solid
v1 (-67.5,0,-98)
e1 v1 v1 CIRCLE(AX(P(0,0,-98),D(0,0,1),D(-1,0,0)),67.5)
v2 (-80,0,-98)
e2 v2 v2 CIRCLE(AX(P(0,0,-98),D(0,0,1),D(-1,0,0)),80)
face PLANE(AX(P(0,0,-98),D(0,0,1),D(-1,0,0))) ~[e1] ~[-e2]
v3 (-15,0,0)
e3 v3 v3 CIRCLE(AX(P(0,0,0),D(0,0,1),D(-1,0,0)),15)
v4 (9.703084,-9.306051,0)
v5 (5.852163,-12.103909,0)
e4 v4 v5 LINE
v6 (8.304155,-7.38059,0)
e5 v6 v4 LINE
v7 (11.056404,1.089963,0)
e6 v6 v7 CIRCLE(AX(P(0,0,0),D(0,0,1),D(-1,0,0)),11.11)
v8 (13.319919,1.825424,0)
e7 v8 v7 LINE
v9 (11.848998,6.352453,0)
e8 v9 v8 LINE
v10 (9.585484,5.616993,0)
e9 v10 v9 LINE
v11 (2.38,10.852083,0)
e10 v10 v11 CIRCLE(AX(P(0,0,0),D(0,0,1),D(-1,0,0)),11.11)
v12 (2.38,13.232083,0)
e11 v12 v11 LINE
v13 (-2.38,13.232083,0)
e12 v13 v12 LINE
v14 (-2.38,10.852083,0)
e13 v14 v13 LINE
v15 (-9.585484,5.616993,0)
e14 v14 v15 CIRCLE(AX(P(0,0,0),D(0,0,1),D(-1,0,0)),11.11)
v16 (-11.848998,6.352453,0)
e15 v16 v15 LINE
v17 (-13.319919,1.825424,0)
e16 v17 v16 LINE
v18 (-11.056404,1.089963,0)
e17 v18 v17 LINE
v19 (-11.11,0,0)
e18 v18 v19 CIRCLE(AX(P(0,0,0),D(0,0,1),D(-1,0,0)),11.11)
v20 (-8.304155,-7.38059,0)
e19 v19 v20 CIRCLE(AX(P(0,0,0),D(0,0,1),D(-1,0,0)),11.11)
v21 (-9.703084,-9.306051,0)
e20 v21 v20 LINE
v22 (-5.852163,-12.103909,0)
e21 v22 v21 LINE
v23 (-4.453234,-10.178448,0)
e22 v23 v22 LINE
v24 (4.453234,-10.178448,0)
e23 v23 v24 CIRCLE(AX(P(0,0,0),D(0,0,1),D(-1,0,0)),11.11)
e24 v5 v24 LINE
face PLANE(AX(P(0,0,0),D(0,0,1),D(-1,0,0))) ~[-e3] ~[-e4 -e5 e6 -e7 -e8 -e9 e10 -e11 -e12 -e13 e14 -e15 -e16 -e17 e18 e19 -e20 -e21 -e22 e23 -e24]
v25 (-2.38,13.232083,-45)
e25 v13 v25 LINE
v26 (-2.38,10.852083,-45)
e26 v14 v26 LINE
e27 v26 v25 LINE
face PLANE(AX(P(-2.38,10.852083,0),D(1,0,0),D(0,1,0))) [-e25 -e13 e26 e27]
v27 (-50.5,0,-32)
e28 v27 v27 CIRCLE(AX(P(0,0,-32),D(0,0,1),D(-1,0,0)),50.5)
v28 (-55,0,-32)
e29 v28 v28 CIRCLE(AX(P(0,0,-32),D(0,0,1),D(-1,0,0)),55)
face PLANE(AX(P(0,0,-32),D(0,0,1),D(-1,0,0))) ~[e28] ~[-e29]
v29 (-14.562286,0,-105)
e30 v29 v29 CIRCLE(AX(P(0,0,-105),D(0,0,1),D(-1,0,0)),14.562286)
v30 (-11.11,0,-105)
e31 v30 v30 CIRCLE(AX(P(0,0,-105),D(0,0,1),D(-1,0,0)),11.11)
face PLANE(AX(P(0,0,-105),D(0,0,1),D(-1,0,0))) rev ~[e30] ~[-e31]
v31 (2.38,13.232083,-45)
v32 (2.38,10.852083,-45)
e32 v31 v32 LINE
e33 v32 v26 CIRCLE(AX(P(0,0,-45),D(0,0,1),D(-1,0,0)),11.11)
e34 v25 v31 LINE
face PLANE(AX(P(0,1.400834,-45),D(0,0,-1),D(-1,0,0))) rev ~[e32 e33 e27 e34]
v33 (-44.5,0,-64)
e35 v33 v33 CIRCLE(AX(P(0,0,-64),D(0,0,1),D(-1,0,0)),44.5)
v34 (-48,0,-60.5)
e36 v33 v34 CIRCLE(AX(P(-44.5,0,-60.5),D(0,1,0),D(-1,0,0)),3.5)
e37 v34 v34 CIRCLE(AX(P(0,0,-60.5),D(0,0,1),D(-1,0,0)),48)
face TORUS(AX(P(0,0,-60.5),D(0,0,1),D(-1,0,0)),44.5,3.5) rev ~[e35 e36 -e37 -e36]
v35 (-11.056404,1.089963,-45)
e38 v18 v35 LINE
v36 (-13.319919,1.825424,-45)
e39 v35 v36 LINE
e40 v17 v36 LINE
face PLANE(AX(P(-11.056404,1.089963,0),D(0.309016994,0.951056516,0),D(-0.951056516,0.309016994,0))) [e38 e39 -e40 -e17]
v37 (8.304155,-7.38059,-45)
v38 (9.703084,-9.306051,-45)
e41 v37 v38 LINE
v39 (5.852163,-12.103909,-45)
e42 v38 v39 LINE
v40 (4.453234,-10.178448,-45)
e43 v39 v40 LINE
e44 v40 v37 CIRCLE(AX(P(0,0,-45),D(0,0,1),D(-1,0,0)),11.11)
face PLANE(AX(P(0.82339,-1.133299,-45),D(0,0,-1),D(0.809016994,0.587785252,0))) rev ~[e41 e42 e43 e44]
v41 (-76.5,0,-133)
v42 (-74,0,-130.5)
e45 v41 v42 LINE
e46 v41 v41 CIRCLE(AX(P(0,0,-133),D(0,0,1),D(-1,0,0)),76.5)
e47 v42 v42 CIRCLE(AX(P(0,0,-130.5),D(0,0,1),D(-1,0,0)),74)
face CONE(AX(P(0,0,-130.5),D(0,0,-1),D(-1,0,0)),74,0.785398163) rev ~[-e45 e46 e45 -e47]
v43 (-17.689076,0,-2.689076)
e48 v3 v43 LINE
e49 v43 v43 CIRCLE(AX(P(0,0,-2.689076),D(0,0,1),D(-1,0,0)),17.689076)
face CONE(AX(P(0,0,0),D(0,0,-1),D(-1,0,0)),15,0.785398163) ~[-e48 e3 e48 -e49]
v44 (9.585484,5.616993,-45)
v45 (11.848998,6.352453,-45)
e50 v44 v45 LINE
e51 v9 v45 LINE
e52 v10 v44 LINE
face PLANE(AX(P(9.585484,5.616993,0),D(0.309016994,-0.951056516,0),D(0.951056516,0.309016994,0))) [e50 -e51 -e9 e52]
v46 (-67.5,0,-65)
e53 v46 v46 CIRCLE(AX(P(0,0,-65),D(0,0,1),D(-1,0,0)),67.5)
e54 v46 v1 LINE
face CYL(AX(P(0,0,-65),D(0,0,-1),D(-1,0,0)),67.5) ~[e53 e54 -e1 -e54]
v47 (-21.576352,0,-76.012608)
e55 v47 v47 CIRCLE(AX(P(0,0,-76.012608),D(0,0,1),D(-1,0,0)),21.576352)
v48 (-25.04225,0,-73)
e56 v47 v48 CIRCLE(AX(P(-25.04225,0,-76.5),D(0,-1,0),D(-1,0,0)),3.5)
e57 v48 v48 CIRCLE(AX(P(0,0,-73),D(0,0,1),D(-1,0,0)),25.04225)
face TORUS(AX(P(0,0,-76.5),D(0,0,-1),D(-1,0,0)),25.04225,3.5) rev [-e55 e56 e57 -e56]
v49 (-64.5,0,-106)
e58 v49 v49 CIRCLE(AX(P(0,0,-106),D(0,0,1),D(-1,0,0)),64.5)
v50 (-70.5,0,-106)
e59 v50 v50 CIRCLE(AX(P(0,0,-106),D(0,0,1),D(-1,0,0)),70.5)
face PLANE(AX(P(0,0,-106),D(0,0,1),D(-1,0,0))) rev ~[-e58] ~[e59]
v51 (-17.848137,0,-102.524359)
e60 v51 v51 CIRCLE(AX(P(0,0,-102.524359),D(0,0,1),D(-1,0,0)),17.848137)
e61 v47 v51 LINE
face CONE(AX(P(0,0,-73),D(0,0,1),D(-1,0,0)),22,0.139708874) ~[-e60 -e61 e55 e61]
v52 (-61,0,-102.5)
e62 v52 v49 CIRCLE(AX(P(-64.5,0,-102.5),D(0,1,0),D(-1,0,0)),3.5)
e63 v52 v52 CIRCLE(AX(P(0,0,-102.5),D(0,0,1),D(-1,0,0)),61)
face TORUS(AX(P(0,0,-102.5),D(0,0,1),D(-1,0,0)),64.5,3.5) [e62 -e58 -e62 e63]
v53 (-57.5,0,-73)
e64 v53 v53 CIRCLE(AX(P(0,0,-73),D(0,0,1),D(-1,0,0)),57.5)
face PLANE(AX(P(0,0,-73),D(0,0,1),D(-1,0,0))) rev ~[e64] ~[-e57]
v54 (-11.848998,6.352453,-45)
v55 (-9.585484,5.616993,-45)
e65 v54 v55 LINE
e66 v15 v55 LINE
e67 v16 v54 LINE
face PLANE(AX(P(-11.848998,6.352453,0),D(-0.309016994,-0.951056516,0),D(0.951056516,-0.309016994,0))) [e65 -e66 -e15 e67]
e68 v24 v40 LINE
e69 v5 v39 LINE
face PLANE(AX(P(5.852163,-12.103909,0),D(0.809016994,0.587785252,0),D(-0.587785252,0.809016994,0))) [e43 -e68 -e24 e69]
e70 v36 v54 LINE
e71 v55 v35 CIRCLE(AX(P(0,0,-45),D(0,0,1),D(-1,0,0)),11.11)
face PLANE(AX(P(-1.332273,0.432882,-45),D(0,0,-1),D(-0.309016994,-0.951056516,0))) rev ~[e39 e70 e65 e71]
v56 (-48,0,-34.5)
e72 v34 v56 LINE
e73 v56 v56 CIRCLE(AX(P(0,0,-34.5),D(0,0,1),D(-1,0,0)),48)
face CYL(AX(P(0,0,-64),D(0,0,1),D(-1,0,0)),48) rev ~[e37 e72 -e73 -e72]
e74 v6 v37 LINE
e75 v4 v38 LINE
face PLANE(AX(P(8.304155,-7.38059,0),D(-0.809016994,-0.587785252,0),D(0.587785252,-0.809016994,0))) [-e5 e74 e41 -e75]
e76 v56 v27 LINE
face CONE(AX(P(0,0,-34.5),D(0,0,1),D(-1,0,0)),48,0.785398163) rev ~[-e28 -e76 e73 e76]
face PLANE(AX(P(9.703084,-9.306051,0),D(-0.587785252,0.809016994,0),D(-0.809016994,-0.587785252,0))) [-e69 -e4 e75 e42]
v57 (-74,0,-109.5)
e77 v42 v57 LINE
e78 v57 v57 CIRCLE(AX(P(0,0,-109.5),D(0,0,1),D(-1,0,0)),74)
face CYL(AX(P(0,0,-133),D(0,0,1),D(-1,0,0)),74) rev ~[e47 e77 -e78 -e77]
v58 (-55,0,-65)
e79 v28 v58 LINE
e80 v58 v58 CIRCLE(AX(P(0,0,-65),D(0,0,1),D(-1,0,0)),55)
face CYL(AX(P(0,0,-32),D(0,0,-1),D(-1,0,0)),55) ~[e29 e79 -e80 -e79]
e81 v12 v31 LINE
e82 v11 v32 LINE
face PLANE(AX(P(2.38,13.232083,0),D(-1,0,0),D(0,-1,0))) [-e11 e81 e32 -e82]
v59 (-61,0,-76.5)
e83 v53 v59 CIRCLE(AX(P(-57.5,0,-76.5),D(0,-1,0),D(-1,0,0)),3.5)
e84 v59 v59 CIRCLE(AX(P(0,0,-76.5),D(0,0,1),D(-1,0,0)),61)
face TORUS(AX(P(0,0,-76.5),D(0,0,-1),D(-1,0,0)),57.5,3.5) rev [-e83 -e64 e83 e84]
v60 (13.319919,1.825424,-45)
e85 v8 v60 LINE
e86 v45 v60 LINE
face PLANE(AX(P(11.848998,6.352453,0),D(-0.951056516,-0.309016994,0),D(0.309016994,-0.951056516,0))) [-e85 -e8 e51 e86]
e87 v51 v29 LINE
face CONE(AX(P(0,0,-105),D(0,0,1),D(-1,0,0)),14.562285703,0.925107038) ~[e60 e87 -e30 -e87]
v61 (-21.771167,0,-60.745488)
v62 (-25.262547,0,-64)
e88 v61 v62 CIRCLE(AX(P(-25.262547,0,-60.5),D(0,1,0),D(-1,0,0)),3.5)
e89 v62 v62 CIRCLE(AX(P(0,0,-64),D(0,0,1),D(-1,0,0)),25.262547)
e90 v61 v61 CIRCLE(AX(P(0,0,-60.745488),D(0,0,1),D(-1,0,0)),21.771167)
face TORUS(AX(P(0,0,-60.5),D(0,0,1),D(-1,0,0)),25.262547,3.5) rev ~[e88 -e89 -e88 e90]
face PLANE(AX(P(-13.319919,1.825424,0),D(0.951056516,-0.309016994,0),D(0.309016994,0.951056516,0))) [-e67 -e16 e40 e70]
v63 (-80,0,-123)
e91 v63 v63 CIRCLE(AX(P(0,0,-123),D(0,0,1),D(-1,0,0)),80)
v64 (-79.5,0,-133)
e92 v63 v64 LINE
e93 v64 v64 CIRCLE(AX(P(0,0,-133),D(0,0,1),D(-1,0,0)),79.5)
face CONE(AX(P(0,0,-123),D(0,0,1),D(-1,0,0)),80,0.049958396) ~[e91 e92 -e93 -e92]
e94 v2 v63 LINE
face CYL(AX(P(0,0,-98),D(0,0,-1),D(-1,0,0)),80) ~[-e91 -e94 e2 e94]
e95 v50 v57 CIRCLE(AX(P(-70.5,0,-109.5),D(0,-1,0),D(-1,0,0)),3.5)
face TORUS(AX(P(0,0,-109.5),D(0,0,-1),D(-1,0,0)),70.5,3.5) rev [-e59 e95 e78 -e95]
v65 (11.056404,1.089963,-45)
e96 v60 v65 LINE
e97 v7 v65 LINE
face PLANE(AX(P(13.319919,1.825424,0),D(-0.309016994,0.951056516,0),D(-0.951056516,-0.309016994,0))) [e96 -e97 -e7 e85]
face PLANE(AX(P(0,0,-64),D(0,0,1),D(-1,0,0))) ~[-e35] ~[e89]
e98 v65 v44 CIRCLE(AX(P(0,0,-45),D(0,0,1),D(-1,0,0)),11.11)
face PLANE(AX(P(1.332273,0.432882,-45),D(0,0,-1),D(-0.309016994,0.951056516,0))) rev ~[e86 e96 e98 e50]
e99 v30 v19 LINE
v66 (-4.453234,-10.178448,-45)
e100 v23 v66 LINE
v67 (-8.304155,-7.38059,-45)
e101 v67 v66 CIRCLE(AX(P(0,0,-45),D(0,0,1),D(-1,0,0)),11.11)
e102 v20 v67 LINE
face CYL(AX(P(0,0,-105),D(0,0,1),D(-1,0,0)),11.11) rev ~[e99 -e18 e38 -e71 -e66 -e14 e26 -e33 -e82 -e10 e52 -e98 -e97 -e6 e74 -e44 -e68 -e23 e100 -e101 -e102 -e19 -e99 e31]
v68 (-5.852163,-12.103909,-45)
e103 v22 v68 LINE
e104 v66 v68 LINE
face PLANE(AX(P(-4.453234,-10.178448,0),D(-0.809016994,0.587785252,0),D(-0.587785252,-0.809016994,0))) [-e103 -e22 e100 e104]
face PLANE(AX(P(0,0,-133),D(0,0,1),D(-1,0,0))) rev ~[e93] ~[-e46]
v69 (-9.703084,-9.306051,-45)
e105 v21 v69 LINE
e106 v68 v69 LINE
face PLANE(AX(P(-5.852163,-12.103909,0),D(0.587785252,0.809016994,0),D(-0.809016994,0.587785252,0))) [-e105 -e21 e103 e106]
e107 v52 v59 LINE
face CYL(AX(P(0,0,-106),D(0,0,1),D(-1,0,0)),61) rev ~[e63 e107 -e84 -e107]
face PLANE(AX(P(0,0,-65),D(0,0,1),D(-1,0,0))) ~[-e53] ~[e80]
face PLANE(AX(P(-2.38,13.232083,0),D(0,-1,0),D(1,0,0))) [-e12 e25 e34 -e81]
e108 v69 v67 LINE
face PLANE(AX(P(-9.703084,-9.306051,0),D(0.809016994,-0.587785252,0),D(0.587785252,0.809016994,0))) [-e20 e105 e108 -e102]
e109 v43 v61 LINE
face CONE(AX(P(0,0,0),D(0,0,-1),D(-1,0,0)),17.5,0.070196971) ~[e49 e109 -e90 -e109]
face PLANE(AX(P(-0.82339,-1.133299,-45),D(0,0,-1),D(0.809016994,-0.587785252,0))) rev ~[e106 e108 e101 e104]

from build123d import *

# Parameters (mm, degrees)
CHAMFER1_SIZE2        = 2.695714625
CHAMFER1_SIZE         = 2.5
CHAMFER1_EDGE_2_SIZE  = 2.5
CHAMFER1_EDGE_3_SIZE  = 2.5
CHAMFER1_EDGE_4_SIZE2 = 2.937714297
CHAMFER1_EDGE_4_SIZE  = 2.5
FILLET1_R             = 3.5
CUT_EXTRUDE1_DEPTH    = 45
CIRPATTERN1_COUNT     = 5


with BuildPart() as part:
    # Sketch1 → Revolve3 (revolve)
    with BuildSketch(Plane(origin=(0, 0, 0), x_dir=(1, 0, 0), z_dir=(0, 1, 0))):
        Polygon((-11.11, 105), (-11.11, 0), (-17.5, 0), (-22, 64), (-48, 64), (-48, 32), (-55, 32), (-55, 65), (-67.5, 65), (-67.5, 98), (-80, 98), (-80, 123), (-79.5, 133), (-74, 133), (-74, 106), (-61, 106), (-61, 73), (-22, 73), (-17.5, 105), align=None)
    revolve(axis=Axis((0, 0, -121.217391304), (0, 0, 1)))

    # Chamfer1
    chamfer1_edges = [part.edges().sort_by_distance(p)[0] for p in [
        (17.5, 0, 0),
    ]]
    chamfer(chamfer1_edges, length=CHAMFER1_SIZE, length2=CHAMFER1_SIZE2)

    # Chamfer1 edge 2
    chamfer1_edge_2_edges = [part.edges().sort_by_distance(p)[0] for p in [
        (48, 0, -32),
    ]]
    chamfer(chamfer1_edge_2_edges, length=CHAMFER1_EDGE_2_SIZE)

    # Chamfer1 edge 3
    chamfer1_edge_3_edges = [part.edges().sort_by_distance(p)[0] for p in [
        (74, 0, -133),
    ]]
    chamfer(chamfer1_edge_3_edges, length=CHAMFER1_EDGE_3_SIZE)

    # Chamfer1 edge 4
    chamfer1_edge_4_edges = [part.edges().sort_by_distance(p)[0] for p in [
        (17.5, 0, -105),
    ]]
    chamfer(chamfer1_edge_4_edges, length=CHAMFER1_EDGE_4_SIZE, length2=CHAMFER1_EDGE_4_SIZE2)

    # Fillet1
    fillet1_edges = [part.edges().sort_by_distance(p)[0] for p in [
        (22, 0, -64),
        (48, 0, -64),
        (74, 0, -106),
        (61, 0, -106),
        (61, 0, -73),
        (22, 0, -73),
    ]]
    fillet(fillet1_edges, radius=FILLET1_R)

    # Sketch2 → Cut-Extrude1 (cut)
    with BuildSketch(Plane.XY):
        with BuildLine():
            Line((-2.38, 10.852082749), (-2.38, 13.232082749))
            Line((-2.38, 13.232082749), (2.38, 13.232082749))
            Line((2.38, 13.232082749), (2.38, 10.852082749))
            ThreePointArc((2.38, 10.852082749), (0, -11.11), (-2.38, 10.852082749))
        make_face()
    cut_extrude1 = extrude(amount=-CUT_EXTRUDE1_DEPTH, mode=Mode.SUBTRACT)

    # CirPattern1: Cut-Extrude1 ×5 about axis
    cirpattern1_axis = Axis((0, 0, 0), (0, 0, 1))
    for i in range(1, CIRPATTERN1_COUNT):
        add(cut_extrude1.rotate(cirpattern1_axis, i * 360 / CIRPATTERN1_COUNT), mode=Mode.SUBTRACT)


solid = part.part
